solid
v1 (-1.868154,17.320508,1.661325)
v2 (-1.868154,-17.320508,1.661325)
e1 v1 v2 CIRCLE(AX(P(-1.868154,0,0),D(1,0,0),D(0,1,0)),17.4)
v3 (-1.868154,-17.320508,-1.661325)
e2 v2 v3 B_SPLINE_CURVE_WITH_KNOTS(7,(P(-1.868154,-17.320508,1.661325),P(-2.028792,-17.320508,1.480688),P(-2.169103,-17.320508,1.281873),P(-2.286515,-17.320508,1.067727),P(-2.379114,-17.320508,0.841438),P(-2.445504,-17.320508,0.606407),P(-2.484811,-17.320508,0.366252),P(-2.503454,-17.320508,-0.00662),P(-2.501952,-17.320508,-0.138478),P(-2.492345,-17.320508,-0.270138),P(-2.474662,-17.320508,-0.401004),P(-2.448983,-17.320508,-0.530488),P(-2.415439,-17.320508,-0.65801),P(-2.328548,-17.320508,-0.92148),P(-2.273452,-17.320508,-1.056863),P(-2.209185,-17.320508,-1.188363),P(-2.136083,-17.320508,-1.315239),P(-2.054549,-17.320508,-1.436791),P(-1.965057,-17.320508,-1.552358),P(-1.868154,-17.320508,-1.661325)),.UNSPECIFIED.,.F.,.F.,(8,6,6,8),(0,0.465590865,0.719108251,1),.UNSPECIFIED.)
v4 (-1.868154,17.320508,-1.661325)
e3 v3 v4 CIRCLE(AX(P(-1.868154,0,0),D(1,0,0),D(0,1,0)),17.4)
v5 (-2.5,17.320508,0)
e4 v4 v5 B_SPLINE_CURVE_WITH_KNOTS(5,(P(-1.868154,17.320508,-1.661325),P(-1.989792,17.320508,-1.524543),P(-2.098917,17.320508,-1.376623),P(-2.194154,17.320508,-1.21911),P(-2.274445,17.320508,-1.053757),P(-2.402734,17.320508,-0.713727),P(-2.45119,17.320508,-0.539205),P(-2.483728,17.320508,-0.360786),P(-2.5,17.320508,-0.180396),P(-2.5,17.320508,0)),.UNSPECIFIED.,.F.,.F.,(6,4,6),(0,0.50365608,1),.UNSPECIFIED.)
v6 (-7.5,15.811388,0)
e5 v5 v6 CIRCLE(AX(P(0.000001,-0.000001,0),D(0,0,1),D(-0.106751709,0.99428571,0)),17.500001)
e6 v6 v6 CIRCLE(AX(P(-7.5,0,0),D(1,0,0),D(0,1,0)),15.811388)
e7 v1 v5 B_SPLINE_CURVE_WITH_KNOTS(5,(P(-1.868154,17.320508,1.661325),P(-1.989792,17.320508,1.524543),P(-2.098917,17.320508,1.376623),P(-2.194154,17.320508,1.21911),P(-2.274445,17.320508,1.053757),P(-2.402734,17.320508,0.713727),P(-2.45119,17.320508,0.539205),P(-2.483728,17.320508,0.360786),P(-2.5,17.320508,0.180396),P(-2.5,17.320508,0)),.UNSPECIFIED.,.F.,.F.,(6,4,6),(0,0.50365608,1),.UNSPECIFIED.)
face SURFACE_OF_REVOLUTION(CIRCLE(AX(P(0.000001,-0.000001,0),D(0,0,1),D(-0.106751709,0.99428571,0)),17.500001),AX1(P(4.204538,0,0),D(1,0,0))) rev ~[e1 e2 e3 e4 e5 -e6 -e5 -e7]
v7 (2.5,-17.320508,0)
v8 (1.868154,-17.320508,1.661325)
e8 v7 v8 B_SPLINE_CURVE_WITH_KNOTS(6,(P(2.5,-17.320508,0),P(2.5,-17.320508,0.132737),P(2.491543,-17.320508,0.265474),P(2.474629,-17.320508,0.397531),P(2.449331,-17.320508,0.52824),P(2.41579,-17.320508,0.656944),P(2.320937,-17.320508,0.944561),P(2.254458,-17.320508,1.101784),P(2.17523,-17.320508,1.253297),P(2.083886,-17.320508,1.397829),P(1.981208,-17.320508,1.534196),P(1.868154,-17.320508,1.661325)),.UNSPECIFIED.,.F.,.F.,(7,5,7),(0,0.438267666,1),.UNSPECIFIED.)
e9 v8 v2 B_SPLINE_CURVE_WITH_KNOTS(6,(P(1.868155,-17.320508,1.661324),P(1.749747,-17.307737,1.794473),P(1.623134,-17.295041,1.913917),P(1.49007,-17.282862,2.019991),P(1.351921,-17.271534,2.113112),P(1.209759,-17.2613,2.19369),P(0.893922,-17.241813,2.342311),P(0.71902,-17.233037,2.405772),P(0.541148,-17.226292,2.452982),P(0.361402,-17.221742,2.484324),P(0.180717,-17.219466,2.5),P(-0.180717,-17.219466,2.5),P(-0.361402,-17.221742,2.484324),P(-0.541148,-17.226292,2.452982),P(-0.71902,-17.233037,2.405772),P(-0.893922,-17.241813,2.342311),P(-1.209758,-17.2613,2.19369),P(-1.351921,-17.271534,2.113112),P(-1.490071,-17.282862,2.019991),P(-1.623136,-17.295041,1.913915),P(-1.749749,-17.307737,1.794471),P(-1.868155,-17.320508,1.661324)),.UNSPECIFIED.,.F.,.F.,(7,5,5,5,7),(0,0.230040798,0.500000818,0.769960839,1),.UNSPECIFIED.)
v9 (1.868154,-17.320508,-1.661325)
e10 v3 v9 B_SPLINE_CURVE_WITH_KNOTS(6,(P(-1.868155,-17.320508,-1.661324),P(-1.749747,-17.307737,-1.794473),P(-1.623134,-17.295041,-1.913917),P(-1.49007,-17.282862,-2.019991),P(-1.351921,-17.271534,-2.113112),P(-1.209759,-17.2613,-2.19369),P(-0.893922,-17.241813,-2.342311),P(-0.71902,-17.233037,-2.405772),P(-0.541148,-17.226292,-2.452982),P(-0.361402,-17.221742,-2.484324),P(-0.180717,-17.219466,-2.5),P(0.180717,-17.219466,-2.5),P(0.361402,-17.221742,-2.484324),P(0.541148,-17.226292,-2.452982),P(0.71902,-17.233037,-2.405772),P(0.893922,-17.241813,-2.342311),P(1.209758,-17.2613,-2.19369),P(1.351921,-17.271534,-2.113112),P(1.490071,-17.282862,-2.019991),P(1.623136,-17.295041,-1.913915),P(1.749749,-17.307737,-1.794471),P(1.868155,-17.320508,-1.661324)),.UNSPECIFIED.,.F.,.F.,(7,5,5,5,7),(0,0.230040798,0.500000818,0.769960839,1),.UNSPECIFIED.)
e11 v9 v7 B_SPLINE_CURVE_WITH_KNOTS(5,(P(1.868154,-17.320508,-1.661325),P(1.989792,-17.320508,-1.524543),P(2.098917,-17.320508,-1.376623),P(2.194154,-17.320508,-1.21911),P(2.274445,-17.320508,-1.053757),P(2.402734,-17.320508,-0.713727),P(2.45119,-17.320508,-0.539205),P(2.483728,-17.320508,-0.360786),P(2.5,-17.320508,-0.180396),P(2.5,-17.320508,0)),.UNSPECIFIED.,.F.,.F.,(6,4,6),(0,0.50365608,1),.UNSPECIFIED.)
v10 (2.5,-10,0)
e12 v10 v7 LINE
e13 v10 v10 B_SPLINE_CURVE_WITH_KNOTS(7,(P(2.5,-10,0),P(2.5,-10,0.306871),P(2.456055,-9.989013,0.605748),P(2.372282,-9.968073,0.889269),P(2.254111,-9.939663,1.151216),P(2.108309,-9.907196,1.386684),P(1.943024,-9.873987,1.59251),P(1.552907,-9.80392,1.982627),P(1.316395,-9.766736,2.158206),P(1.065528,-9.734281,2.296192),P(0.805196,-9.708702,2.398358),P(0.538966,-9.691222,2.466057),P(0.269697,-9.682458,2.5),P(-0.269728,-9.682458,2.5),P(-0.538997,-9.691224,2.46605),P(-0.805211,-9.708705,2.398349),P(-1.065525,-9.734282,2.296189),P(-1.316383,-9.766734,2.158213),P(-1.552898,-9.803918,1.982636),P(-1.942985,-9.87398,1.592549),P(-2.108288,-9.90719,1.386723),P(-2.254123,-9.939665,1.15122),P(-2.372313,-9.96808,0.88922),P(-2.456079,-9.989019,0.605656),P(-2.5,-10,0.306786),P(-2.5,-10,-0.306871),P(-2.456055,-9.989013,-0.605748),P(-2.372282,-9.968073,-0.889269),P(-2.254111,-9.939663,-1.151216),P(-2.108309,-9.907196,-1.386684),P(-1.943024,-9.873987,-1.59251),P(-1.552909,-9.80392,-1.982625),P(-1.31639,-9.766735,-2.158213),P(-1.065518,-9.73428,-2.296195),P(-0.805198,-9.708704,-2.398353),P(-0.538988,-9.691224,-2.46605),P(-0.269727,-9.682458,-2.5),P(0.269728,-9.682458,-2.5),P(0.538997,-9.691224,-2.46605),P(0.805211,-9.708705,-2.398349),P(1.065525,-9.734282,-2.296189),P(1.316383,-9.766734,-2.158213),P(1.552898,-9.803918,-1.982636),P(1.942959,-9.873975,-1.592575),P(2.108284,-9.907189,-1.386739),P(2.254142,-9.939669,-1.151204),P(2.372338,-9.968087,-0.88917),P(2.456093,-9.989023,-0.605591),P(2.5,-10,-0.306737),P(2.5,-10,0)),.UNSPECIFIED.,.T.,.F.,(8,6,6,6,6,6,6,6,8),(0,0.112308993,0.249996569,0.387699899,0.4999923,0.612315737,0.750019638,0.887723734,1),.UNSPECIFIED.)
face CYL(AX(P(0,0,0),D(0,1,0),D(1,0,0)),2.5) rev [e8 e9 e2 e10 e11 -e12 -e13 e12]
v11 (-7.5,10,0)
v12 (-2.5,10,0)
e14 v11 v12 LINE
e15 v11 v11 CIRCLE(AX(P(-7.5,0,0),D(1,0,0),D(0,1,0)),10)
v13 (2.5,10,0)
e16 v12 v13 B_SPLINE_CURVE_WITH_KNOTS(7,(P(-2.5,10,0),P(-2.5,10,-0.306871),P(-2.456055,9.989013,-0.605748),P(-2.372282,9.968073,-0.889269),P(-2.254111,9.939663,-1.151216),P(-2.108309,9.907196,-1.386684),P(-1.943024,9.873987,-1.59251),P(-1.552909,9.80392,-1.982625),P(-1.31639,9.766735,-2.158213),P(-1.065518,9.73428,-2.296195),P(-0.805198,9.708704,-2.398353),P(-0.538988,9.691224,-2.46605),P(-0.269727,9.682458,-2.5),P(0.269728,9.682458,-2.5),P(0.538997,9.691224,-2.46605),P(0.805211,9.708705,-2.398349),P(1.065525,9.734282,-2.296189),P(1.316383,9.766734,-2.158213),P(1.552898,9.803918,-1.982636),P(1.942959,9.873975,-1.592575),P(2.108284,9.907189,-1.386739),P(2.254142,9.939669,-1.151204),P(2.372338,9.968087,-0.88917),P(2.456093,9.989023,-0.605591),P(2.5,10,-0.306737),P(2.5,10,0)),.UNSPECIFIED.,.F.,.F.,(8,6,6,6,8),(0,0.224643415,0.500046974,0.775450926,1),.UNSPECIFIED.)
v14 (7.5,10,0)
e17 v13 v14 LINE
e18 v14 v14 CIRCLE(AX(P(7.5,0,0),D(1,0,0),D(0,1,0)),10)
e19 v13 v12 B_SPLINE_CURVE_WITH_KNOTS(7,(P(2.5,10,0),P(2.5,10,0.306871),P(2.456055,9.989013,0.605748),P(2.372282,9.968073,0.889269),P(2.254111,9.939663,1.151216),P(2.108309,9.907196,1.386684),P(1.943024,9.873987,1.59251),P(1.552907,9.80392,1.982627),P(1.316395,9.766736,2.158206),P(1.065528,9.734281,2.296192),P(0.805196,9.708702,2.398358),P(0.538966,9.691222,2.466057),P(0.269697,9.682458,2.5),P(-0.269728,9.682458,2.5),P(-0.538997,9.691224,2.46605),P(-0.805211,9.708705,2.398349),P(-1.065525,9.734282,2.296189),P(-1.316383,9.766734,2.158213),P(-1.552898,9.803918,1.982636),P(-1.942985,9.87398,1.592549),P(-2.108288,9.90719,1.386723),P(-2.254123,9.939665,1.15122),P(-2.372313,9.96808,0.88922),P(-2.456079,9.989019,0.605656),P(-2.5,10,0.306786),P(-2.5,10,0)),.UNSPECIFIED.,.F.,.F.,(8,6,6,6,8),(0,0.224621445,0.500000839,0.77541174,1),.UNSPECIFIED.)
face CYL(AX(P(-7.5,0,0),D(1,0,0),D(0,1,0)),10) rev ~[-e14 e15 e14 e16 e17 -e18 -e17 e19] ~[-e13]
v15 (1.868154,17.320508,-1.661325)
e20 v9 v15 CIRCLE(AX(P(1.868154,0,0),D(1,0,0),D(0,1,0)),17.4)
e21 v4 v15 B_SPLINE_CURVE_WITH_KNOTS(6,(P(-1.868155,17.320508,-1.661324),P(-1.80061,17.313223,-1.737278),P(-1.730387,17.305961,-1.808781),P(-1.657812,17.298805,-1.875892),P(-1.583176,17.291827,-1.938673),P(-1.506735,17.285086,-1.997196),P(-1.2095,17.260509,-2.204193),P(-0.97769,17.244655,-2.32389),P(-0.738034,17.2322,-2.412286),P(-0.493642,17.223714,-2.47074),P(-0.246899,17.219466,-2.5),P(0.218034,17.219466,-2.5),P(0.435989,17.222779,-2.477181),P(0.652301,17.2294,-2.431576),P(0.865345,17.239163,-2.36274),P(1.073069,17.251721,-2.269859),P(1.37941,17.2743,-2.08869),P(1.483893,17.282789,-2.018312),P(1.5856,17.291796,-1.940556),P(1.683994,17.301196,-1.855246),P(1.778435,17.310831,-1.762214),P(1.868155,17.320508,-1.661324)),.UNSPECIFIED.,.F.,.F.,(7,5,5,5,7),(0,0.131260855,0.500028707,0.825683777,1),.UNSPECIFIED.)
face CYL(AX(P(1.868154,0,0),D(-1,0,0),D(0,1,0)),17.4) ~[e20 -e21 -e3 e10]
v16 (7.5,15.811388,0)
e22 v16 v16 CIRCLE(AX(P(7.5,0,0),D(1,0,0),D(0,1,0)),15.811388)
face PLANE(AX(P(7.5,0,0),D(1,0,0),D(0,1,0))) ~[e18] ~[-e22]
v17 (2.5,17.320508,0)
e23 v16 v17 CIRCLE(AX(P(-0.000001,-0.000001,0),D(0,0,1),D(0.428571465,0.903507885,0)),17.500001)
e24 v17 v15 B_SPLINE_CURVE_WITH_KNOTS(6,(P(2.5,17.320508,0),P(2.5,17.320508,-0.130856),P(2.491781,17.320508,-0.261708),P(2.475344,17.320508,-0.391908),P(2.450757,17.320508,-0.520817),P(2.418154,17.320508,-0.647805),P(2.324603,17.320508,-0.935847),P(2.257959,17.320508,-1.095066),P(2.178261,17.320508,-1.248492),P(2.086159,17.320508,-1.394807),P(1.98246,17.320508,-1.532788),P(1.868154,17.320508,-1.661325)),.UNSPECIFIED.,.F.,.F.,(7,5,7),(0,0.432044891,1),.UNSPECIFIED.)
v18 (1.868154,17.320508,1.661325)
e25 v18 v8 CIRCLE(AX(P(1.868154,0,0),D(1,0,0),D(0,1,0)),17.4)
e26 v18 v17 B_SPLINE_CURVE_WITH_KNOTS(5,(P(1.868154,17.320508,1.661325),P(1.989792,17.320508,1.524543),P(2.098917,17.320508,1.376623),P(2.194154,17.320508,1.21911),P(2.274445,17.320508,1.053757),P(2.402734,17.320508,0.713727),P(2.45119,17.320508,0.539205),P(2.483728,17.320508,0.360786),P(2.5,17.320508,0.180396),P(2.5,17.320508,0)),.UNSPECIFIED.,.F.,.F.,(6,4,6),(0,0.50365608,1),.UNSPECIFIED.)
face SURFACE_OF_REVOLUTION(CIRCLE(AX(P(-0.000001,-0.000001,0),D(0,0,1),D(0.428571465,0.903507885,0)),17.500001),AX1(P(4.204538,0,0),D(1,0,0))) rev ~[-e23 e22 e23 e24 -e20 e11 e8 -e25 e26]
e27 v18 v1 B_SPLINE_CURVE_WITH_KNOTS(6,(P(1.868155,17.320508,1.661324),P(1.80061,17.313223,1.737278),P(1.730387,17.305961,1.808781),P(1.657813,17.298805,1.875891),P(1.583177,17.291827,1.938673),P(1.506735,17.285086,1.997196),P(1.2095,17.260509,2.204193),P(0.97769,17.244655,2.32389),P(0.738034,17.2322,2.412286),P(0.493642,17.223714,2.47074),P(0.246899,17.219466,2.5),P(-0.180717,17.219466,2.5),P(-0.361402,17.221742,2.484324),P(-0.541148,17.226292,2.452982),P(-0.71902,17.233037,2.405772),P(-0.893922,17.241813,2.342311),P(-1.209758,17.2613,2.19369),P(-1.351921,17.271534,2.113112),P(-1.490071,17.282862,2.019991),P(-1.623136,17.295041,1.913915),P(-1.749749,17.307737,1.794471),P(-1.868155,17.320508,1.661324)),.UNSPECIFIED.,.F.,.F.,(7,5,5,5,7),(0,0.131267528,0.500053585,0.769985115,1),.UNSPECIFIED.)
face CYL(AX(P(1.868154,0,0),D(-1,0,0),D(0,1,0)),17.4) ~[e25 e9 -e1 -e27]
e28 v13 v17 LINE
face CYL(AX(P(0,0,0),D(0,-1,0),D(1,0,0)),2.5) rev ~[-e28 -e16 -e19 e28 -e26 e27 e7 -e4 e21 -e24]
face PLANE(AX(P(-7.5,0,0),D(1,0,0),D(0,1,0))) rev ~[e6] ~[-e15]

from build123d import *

# Parameters (mm, degrees)
F2_R          = 2.5
F3_DEPTH      = 25
F3_DEPTH_BACK = 25


with BuildPart() as f1:
    # F0 (on Top) → F1 (revolve)
    with BuildSketch(Plane.XY):
        with BuildLine():
            Line((7.5, 10), (7.5, 15.811388))
            ThreePointArc((7.5, 15.811388), (4.750947, 16.842758), (1.868154, 17.4))
            Line((1.868154, 17.4), (-1.868154, 17.4))
            ThreePointArc((-1.868154, 17.4), (-4.750947, 16.842758), (-7.5, 15.811388))
            Line((-7.5, 15.811388), (-7.5, 10))
            Line((-7.5, 10), (7.5, 10))
        make_face()
    revolve(axis=Axis((4.204538, 0, 0), (1, 0, 0)))

    # F2 (on Front) → F3 (cut, two sides)
    with BuildSketch(Plane.XZ) as f3_sk:
        Circle(F2_R)
    extrude(amount=F3_DEPTH, mode=Mode.SUBTRACT)
    extrude(f3_sk.sketch, amount=-F3_DEPTH_BACK, mode=Mode.SUBTRACT)


solid = f1.part
